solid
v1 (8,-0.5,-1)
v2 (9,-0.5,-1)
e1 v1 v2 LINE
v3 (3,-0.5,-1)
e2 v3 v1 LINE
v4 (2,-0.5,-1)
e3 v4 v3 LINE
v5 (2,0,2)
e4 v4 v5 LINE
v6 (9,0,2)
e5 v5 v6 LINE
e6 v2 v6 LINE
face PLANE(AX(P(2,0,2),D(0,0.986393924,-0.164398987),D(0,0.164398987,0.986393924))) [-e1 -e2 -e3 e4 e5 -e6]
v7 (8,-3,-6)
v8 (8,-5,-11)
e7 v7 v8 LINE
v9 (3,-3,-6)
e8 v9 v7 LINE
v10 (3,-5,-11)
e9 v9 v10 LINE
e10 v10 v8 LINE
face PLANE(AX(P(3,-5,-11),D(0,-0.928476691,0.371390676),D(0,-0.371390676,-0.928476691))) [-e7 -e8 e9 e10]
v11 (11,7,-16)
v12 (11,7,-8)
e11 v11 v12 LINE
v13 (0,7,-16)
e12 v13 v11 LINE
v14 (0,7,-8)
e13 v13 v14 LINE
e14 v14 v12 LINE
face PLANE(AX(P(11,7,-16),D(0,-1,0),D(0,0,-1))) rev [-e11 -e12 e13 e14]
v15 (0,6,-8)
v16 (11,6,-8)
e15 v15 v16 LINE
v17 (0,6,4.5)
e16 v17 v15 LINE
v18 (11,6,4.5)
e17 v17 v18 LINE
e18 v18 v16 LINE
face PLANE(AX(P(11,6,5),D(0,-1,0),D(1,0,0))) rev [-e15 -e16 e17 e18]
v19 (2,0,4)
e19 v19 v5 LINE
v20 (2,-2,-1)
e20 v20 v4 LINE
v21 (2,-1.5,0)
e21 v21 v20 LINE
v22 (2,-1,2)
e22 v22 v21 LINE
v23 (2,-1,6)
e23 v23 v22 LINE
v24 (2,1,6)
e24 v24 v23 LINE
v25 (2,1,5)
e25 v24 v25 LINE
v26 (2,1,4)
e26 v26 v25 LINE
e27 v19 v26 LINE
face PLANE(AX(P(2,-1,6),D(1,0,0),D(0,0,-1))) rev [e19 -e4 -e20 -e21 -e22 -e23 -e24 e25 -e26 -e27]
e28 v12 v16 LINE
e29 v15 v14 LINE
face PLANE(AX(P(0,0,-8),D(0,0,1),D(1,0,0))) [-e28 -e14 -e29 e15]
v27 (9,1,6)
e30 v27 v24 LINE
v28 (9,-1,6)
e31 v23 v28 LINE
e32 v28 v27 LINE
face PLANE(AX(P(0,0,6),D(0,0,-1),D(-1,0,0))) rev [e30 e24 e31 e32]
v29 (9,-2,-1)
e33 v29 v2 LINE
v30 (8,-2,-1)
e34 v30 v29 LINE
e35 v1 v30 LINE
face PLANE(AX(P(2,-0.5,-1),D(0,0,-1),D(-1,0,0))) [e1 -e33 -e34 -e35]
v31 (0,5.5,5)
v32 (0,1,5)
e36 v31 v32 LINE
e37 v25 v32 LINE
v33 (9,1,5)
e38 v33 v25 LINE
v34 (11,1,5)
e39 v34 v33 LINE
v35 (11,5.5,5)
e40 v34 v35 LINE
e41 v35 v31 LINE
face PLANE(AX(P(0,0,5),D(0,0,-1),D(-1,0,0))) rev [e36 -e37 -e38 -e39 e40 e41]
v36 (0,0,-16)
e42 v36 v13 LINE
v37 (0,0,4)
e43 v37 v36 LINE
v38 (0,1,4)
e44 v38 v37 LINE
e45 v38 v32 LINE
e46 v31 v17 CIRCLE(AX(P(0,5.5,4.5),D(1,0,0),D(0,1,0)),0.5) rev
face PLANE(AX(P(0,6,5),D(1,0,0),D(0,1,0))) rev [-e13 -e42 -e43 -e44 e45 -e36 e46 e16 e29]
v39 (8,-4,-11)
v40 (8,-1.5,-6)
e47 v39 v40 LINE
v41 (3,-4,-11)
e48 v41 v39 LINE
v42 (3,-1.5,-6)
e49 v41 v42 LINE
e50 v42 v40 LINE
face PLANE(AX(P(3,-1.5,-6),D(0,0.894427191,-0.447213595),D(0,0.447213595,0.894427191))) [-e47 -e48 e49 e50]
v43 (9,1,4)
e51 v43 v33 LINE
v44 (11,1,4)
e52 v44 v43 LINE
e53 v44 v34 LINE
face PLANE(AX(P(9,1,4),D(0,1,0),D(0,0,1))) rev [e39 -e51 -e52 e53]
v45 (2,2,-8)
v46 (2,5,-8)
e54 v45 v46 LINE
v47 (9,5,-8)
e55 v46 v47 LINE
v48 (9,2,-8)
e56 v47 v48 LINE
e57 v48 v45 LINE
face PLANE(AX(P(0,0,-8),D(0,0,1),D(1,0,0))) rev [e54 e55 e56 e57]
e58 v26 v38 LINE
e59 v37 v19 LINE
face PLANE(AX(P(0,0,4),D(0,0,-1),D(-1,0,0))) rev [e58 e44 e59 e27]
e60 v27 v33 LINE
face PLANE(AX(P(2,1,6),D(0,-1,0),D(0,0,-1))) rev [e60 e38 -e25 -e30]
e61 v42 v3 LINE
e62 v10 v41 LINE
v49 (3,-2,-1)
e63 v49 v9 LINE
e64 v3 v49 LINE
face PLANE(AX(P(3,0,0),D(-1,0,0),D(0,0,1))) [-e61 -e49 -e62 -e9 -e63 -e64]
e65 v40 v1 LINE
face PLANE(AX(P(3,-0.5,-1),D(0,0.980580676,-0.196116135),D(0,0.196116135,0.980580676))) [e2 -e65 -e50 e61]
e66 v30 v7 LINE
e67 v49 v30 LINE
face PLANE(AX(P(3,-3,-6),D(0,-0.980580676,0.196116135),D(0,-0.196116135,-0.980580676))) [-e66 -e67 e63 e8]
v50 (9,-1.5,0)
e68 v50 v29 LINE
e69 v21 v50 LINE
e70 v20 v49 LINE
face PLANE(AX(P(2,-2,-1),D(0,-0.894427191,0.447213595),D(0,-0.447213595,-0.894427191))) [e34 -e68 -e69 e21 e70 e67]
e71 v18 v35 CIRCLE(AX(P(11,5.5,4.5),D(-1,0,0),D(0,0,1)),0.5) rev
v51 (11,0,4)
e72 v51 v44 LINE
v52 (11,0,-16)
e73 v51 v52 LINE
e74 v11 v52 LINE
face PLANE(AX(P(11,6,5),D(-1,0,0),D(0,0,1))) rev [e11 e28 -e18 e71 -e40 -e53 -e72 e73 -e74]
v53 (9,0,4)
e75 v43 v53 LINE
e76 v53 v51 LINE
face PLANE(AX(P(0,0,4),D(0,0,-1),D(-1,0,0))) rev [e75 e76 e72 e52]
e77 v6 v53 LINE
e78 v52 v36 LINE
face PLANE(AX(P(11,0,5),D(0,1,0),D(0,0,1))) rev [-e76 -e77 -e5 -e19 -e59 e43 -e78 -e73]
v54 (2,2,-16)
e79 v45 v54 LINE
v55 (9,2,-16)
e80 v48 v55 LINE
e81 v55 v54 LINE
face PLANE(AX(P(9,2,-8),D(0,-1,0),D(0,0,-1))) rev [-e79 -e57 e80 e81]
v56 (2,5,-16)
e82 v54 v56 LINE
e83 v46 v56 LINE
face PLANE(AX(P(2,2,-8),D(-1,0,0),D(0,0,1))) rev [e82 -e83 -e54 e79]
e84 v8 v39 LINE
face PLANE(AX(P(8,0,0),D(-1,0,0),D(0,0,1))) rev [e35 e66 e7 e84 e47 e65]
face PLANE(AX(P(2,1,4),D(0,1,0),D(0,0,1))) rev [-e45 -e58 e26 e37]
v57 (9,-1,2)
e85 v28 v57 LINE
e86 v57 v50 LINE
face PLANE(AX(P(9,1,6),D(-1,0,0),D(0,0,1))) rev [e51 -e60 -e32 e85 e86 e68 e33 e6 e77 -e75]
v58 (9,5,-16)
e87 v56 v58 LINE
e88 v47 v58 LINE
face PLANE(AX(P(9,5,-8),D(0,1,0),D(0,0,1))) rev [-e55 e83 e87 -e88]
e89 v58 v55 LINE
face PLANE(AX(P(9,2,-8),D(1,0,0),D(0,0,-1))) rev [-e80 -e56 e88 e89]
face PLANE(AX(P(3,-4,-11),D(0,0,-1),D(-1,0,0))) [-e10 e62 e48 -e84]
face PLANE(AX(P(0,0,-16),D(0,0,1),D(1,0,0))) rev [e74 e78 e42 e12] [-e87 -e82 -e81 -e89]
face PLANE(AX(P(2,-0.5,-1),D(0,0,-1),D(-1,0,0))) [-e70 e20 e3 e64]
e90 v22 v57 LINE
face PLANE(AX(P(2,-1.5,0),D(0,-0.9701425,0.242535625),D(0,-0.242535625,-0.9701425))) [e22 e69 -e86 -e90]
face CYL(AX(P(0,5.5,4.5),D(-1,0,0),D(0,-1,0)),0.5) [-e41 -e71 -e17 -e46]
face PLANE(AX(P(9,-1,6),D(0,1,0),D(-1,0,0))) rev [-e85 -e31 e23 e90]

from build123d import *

# Parameters (mm, degrees)
SKETCH_2_W          = 11
SKETCH_2_H          = 6
EXTRUDE_1_DEPTH     = 5
SKETCH_3_W          = 11
SKETCH_3_H          = 6
EXTRUDE_2_DEPTH     = 8
SKETCH_4_W          = 11
SKETCH_4_H          = 7
EXTRUDE_3_DEPTH     = 8
SKETCH_6_W          = 7
SKETCH_6_H          = 2
EXTRUDE_4_DEPTH     = 1
SKETCH_8_W          = 2
SKETCH_8_H          = 1
CUT_EXTRUDE_1_DEPTH = 1
SKETCH_10_W         = 7
SKETCH_10_H         = 3
EXTRUDE_5_DEPTH     = 1
EXTRUDE_6_DEPTH     = 7
EXTRUDE_7_DEPTH     = 5
SKETCH_14_W         = 7
SKETCH_14_H         = 3
CUT_EXTRUDE_2_DEPTH = 8
FILLET_1_R          = 0.5


with BuildPart() as part:
    # Эскиз2 → Бобышка-Вытянуть1 (new body)
    with BuildSketch(Plane.XY):
        with Locations((5.5, 3)):
            Rectangle(SKETCH_2_W, SKETCH_2_H)
    extrude(amount=EXTRUDE_1_DEPTH)

    # Эскиз3 → Бобышка-Вытянуть2 (add)
    with BuildSketch(Plane(origin=(0, 0, 0), x_dir=(-1, 0, 0), z_dir=(0, 0, -1))):
        with Locations((-5.5, 3)):
            Rectangle(SKETCH_3_W, SKETCH_3_H)
    extrude(amount=EXTRUDE_2_DEPTH)

    # Эскиз4 → Бобышка-Вытянуть3 (add)
    with BuildSketch(Plane(origin=(0, 0, -8), x_dir=(-1, 0, 0), z_dir=(0, 0, -1))):
        with Locations((-5.5, 3.5)):
            Rectangle(SKETCH_4_W, SKETCH_4_H)
    extrude(amount=EXTRUDE_3_DEPTH)

    # Эскиз6 → Бобышка-Вытянуть4 (add)
    with BuildSketch(Plane.XY.offset(5)):
        with Locations((5.5, 0)):
            Rectangle(SKETCH_6_W, SKETCH_6_H)
    extrude(amount=EXTRUDE_4_DEPTH)

    # Эскиз8 → Вырез-Вытянуть1 (cut)
    with BuildSketch(Plane.XY.offset(5)):
        with Locations((1, 0.5)):
            Rectangle(SKETCH_8_W, SKETCH_8_H)
        with Locations((10, 0.5)):
            Rectangle(SKETCH_8_W, SKETCH_8_H)
    extrude(amount=-CUT_EXTRUDE_1_DEPTH, mode=Mode.SUBTRACT)

    # Эскиз10 → Бобышка-Вытянуть5 (add)
    with BuildSketch(Plane.XZ):
        with Locations((5.5, 3.5)):
            Rectangle(SKETCH_10_W, SKETCH_10_H)
    extrude(amount=EXTRUDE_5_DEPTH)

    # Эскиз12 → Бобышка-Вытянуть6 (add)
    with BuildSketch(Plane(origin=(9, 0, 0), x_dir=(0, 0, -1), z_dir=(1, 0, 0))):
        Polygon((-2, 0), (1, -0.5), (1, -2), (0, -1.5), (-2, -1), align=None)
    extrude(amount=-EXTRUDE_6_DEPTH)

    # Эскиз13 → Бобышка-Вытянуть7 (add)
    with BuildSketch(Plane(origin=(8, 0, 0), x_dir=(0, 0, -1), z_dir=(1, 0, 0))):
        Polygon((1, -0.5), (6, -1.5), (11, -4), (11, -5), (6, -3), (1, -2), align=None)
    extrude(amount=-EXTRUDE_7_DEPTH)

    # Эскиз14 → Вырез-Вытянуть2 (cut)
    with BuildSketch(Plane(origin=(0, 0, -16), x_dir=(-1, 0, 0), z_dir=(0, 0, -1))):
        with Locations((-5.5, 3.5)):
            Rectangle(SKETCH_14_W, SKETCH_14_H)
    extrude(amount=-CUT_EXTRUDE_2_DEPTH, mode=Mode.SUBTRACT)

    # Скругление1
    fillet_1_edges = [part.edges().sort_by_distance(p)[0] for p in [
        (5.5, 6, 5),
    ]]
    fillet(fillet_1_edges, radius=FILLET_1_R)


solid = part.part
